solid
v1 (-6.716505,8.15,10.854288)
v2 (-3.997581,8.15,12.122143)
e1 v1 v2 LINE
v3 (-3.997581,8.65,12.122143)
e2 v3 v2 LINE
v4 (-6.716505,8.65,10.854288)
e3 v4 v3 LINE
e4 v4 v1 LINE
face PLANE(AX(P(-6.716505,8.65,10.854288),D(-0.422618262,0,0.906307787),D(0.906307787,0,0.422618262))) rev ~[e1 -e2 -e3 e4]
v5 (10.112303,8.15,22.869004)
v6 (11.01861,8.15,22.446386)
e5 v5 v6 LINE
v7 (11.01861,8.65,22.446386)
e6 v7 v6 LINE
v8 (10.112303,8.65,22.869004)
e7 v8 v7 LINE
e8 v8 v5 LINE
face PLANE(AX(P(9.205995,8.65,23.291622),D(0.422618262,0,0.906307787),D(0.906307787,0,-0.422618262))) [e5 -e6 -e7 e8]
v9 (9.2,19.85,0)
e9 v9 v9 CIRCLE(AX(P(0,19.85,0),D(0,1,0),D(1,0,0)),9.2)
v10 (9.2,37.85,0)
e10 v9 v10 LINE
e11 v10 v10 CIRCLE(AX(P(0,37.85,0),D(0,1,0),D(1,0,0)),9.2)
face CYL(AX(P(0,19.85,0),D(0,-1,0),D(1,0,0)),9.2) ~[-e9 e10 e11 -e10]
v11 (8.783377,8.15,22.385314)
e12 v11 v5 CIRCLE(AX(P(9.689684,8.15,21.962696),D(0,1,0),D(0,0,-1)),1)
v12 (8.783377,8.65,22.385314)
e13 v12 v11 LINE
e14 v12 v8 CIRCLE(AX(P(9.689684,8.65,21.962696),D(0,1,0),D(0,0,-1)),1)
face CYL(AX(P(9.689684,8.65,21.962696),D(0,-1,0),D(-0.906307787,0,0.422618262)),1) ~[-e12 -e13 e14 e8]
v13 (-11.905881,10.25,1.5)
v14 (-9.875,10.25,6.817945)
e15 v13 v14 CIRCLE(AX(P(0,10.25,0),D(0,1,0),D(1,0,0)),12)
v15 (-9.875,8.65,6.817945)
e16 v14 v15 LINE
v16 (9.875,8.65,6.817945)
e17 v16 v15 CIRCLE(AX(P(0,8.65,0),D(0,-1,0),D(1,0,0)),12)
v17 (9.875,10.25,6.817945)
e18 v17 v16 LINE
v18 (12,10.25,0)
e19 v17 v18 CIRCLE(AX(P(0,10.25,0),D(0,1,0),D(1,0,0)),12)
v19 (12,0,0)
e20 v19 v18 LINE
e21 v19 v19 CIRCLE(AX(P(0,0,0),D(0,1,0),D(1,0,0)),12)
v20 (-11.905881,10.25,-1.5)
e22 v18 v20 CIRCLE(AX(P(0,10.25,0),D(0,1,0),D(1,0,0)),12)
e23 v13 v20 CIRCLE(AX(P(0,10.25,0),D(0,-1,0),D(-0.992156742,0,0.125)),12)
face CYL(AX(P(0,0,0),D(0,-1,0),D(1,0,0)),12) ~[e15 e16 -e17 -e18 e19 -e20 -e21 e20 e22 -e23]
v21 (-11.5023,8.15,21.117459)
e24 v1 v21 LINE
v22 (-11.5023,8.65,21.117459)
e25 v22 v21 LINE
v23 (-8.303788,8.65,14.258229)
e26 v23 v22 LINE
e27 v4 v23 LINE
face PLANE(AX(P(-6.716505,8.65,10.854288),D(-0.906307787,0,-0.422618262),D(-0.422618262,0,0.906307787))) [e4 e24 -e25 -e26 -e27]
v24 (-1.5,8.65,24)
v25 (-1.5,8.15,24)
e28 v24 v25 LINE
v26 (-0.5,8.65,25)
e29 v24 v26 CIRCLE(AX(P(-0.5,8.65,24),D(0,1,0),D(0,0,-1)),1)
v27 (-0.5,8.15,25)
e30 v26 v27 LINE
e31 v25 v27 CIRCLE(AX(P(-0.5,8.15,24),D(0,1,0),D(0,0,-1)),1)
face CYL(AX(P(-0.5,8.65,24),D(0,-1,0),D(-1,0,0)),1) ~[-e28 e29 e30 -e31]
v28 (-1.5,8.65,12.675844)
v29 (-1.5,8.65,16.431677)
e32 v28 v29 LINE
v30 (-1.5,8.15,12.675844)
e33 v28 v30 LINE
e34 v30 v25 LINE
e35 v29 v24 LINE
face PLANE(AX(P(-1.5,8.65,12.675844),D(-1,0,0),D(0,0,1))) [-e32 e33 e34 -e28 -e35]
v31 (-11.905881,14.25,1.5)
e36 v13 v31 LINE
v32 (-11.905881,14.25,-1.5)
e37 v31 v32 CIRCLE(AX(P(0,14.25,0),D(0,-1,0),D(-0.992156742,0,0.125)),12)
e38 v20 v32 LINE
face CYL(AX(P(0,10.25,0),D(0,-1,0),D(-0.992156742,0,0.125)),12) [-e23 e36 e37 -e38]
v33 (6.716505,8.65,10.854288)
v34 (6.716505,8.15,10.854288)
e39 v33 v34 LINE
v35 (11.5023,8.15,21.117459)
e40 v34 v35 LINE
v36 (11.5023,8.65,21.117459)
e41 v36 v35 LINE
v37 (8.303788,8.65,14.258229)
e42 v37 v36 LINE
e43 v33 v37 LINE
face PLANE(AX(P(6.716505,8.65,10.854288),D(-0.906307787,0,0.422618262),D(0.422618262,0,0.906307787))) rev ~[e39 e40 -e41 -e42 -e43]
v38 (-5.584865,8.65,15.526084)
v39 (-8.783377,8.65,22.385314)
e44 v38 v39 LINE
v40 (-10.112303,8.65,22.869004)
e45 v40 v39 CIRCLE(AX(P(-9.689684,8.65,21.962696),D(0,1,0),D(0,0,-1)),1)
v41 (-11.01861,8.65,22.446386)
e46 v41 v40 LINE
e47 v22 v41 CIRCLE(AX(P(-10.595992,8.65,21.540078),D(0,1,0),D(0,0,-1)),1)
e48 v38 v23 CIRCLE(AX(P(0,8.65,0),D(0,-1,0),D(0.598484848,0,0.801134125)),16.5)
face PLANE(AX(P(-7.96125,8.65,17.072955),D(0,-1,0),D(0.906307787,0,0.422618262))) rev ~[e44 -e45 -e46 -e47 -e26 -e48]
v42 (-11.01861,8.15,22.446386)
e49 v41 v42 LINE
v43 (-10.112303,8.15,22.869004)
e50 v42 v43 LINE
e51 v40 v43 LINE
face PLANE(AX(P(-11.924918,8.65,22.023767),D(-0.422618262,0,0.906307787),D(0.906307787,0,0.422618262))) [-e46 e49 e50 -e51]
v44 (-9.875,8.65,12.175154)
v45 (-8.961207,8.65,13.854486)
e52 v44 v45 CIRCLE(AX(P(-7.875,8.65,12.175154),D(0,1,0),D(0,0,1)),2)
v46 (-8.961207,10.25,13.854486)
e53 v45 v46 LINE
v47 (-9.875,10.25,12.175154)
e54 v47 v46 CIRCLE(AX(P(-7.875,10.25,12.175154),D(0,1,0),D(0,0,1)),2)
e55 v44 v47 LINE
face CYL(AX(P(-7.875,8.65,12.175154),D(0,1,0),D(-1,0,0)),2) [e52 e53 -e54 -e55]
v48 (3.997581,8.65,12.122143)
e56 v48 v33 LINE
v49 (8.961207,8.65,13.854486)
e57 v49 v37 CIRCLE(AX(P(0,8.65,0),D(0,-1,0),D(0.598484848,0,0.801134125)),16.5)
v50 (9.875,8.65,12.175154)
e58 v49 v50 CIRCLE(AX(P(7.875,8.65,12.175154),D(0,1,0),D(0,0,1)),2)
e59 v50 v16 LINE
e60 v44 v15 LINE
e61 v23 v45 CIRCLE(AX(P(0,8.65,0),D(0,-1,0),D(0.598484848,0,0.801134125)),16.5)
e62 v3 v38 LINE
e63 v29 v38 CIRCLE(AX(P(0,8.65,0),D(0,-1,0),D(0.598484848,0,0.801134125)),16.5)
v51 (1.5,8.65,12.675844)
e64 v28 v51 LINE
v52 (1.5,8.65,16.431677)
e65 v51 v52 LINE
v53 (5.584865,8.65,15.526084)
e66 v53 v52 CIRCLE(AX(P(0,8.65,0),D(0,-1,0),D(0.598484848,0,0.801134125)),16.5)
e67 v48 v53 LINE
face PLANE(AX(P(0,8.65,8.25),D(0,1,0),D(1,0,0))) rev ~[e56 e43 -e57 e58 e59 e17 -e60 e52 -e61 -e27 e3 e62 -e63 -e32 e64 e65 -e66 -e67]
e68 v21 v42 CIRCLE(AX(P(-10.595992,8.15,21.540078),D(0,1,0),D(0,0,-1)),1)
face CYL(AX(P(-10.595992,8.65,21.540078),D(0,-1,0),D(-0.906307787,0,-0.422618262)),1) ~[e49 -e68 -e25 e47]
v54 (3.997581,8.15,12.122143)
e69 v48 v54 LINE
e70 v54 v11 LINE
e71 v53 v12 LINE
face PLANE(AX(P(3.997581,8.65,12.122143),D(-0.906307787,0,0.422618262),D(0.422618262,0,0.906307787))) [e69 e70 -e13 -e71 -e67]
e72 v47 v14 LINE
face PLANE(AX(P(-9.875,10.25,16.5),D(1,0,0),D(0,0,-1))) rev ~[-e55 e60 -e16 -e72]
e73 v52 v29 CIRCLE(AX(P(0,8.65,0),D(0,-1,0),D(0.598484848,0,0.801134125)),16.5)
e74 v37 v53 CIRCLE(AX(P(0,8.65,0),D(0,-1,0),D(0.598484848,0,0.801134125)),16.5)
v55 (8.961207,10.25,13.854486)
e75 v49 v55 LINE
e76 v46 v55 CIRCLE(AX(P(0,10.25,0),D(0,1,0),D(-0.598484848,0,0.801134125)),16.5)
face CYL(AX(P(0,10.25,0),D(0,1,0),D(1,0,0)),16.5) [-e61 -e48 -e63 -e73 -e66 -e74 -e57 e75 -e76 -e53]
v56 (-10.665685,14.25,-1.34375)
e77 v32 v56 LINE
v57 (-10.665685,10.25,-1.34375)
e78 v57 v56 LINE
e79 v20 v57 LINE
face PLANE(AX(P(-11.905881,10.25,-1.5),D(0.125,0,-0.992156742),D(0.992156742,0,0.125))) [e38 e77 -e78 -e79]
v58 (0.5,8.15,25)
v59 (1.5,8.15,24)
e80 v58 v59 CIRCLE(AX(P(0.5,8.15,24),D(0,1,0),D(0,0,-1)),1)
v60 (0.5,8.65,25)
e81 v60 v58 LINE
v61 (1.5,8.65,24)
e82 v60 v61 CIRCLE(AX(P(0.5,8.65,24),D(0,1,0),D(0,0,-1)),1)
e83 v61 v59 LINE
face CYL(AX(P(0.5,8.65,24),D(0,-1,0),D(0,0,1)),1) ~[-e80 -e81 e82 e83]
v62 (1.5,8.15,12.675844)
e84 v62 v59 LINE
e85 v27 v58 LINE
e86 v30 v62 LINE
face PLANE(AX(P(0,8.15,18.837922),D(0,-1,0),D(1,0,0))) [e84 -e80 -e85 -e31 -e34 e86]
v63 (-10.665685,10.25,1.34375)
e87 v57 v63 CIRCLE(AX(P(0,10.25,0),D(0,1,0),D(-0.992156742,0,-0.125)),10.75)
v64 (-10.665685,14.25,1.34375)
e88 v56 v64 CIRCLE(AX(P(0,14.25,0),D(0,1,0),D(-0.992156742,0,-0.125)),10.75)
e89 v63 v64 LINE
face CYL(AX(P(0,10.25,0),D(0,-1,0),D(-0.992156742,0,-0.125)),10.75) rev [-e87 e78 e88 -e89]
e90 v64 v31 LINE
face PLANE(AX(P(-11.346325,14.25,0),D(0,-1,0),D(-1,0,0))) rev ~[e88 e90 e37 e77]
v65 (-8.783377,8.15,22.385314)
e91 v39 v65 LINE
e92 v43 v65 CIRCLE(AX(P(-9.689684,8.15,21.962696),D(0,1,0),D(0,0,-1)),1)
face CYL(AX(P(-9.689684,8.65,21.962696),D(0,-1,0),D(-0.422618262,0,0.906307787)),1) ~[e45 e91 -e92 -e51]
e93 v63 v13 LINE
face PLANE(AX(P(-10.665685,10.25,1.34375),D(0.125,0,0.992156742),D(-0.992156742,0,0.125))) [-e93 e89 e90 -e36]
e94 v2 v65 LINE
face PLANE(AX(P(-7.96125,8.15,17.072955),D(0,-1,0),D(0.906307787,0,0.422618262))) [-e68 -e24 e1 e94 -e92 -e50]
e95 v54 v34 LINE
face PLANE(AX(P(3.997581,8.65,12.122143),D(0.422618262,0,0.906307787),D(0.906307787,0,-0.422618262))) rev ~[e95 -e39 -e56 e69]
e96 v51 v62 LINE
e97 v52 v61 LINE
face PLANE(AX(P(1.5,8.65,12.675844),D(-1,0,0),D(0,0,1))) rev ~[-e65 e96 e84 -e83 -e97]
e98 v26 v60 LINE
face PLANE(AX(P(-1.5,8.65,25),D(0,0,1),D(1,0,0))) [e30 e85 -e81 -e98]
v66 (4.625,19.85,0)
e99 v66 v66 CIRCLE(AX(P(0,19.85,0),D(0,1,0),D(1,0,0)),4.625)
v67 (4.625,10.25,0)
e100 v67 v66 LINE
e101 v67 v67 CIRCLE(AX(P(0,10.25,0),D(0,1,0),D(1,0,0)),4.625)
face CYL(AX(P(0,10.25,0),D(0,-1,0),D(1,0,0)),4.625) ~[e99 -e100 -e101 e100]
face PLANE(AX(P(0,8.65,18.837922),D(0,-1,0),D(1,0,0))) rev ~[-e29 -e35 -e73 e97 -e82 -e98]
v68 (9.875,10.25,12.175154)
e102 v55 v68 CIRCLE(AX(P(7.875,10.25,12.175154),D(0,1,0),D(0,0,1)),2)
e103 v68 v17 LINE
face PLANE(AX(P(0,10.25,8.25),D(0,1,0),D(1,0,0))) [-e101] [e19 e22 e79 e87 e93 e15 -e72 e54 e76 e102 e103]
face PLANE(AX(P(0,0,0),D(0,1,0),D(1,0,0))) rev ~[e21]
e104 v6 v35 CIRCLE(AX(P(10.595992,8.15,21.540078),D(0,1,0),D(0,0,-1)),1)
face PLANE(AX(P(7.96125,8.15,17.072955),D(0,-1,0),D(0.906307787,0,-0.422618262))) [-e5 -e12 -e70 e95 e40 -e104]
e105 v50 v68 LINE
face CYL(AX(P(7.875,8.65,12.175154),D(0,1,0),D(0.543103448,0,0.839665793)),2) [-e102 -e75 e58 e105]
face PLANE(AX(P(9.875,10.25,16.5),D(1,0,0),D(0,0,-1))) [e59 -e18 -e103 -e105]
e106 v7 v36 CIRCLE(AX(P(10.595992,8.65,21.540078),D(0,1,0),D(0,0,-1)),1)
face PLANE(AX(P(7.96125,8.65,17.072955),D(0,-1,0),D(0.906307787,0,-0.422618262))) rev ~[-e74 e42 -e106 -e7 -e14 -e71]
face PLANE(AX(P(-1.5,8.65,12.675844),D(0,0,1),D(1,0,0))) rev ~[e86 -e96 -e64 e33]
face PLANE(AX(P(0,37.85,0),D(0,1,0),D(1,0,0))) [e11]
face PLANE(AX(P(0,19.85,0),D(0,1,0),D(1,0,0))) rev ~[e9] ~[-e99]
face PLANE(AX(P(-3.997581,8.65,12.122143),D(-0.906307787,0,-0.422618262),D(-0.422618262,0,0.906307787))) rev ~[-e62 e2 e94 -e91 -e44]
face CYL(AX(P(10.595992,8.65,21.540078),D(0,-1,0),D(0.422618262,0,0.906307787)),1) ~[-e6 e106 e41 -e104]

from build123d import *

# Parameters (mm, degrees)
SKETCH1_R                = 12
BOSS_EXTRUDE1_DEPTH      = 10.25
SKETCH4_W                = 19.75
SKETCH4_H                = 16.5
BOSS_EXTRUDE4_DEPTH      = 1.6
SKETCH5_OUTSIDE_W        = 33.728
SKETCH5_OUTSIDE_H        = 38.228
SKETCH5_OUTSIDE_R        = 16.5
CUT_EXTRUDE1_DEPTH       = 1.6
FILLET2_R                = 2
SKETCH6_W                = 3
SKETCH6_H                = 12.32415633
BOSS_EXTRUDE6_DEPTH      = 0.5
FILLET3_R                = 1
CIRPATTERN1_COUNT        = 2
CIRPATTERN1_ANGLE        = 25
FILLET3_OF_CIRPATTERN1_R = 1
CIRPATTERN2_COUNT        = 2
CIRPATTERN2_ANGLE        = 25
FILLET3_OF_CIRPATTERN2_R = 1
SKETCH2_R                = 4.625
BOSS_EXTRUDE2_DEPTH      = 9.6
SKETCH3_R                = 9.2
BOSS_EXTRUDE3_DEPTH      = 18
BOSS_EXTRUDE7_DEPTH      = 4


with BuildPart() as part:
    # Sketch1 → Boss-Extrude1 (new body)
    with BuildSketch(Plane(origin=(0, 0, 0), x_dir=(1, 0, 0), z_dir=(0, 1, 0))):
        Circle(SKETCH1_R)
    extrude(amount=BOSS_EXTRUDE1_DEPTH)

    # Sketch4 → Boss-Extrude4 (add)
    with BuildSketch(Plane(origin=(0, 10.25, 0), x_dir=(1, 0, 0), z_dir=(0, 1, 0))):
        with Locations((0, -8.25)):
            Rectangle(SKETCH4_W, SKETCH4_H)
    extrude(amount=-BOSS_EXTRUDE4_DEPTH)

    # Sketch5 outside → Cut-Extrude1 (cut)
    with BuildSketch(Plane(origin=(0, 10.25, 0), x_dir=(1, 0, 0), z_dir=(0, 1, 0))):
        with Locations((0, -2.25)):
            Rectangle(SKETCH5_OUTSIDE_W, SKETCH5_OUTSIDE_H)
        Circle(SKETCH5_OUTSIDE_R, mode=Mode.SUBTRACT)
    extrude(amount=-CUT_EXTRUDE1_DEPTH, mode=Mode.SUBTRACT)

    # Fillet2
    fillet2_edges = [part.edges().sort_by_distance(p)[0] for p in [
        (-9.875, 9.45, 13.218713061),
        (9.875, 9.45, 13.218713061),
    ]]
    fillet(fillet2_edges, radius=FILLET2_R)

    # Sketch6 → Boss-Extrude6 (add)
    with BuildSketch(Plane.XZ.offset(-8.65)):
        with Locations((0, 18.837921835)):
            Rectangle(SKETCH6_W, SKETCH6_H)
    boss_extrude6 = extrude(amount=BOSS_EXTRUDE6_DEPTH)

    # Fillet3
    fillet3_edges = [part.edges().sort_by_distance(p)[0] for p in [
        (-1.5, 8.4, 25),
        (1.5, 8.4, 25),
    ]]
    fillet(fillet3_edges, radius=FILLET3_R)

    # CirPattern1: Boss-Extrude6 ×2 about axis
    cirpattern1_axis = Axis((0, 0, 0), (0, 1, 0))
    for i in range(1, CIRPATTERN1_COUNT):
        add(boss_extrude6.rotate(cirpattern1_axis, i * CIRPATTERN1_ANGLE / (CIRPATTERN1_COUNT - 1)))

    # Fillet3 of CirPattern1
    fillet3_of_cirpattern1_edges = [part.edges().sort_by_distance(p)[0] for p in [
        (9.205994863, 8.4, 23.291622069),
        (11.924918224, 8.4, 22.023767283),
    ]]
    fillet(fillet3_of_cirpattern1_edges, radius=FILLET3_OF_CIRPATTERN1_R)

    # CirPattern2: Boss-Extrude6 ×2 about axis
    cirpattern2_axis = Axis((0, 0, 0), (0, -1, 0))
    for i in range(1, CIRPATTERN2_COUNT):
        add(boss_extrude6.rotate(cirpattern2_axis, i * CIRPATTERN2_ANGLE / (CIRPATTERN2_COUNT - 1)))

    # Fillet3 of CirPattern2
    fillet3_of_cirpattern2_edges = [part.edges().sort_by_distance(p)[0] for p in [
        (-11.924918224, 8.4, 22.023767283),
        (-9.205994863, 8.4, 23.291622069),
    ]]
    fillet(fillet3_of_cirpattern2_edges, radius=FILLET3_OF_CIRPATTERN2_R)

    # Sketch2 → Boss-Extrude2 (add)
    with BuildSketch(Plane(origin=(0, 10.25, 0), x_dir=(1, 0, 0), z_dir=(0, 1, 0))):
        Circle(SKETCH2_R)
    extrude(amount=BOSS_EXTRUDE2_DEPTH)

    # Sketch3 → Boss-Extrude3 (add)
    with BuildSketch(Plane(origin=(0, 19.85, 0), x_dir=(1, 0, 0), z_dir=(0, 1, 0))):
        Circle(SKETCH3_R)
    extrude(amount=BOSS_EXTRUDE3_DEPTH)

    # Sketch7 → Boss-Extrude7 (add)
    with BuildSketch(Plane(origin=(0, 10.25, 0), x_dir=(1, 0, 0), z_dir=(0, 1, 0))):
        with BuildLine():
            Line((-11.9058809, 1.5), (-10.665684973, 1.34375))
            ThreePointArc((-10.665684973, 1.34375), (-10.75, 0), (-10.665684973, -1.34375))
            Line((-10.665684973, -1.34375), (-11.9058809, -1.5))
            ThreePointArc((-11.9058809, -1.5), (-12, 0), (-11.9058809, 1.5))
        make_face()
    extrude(amount=BOSS_EXTRUDE7_DEPTH)


solid = part.part
